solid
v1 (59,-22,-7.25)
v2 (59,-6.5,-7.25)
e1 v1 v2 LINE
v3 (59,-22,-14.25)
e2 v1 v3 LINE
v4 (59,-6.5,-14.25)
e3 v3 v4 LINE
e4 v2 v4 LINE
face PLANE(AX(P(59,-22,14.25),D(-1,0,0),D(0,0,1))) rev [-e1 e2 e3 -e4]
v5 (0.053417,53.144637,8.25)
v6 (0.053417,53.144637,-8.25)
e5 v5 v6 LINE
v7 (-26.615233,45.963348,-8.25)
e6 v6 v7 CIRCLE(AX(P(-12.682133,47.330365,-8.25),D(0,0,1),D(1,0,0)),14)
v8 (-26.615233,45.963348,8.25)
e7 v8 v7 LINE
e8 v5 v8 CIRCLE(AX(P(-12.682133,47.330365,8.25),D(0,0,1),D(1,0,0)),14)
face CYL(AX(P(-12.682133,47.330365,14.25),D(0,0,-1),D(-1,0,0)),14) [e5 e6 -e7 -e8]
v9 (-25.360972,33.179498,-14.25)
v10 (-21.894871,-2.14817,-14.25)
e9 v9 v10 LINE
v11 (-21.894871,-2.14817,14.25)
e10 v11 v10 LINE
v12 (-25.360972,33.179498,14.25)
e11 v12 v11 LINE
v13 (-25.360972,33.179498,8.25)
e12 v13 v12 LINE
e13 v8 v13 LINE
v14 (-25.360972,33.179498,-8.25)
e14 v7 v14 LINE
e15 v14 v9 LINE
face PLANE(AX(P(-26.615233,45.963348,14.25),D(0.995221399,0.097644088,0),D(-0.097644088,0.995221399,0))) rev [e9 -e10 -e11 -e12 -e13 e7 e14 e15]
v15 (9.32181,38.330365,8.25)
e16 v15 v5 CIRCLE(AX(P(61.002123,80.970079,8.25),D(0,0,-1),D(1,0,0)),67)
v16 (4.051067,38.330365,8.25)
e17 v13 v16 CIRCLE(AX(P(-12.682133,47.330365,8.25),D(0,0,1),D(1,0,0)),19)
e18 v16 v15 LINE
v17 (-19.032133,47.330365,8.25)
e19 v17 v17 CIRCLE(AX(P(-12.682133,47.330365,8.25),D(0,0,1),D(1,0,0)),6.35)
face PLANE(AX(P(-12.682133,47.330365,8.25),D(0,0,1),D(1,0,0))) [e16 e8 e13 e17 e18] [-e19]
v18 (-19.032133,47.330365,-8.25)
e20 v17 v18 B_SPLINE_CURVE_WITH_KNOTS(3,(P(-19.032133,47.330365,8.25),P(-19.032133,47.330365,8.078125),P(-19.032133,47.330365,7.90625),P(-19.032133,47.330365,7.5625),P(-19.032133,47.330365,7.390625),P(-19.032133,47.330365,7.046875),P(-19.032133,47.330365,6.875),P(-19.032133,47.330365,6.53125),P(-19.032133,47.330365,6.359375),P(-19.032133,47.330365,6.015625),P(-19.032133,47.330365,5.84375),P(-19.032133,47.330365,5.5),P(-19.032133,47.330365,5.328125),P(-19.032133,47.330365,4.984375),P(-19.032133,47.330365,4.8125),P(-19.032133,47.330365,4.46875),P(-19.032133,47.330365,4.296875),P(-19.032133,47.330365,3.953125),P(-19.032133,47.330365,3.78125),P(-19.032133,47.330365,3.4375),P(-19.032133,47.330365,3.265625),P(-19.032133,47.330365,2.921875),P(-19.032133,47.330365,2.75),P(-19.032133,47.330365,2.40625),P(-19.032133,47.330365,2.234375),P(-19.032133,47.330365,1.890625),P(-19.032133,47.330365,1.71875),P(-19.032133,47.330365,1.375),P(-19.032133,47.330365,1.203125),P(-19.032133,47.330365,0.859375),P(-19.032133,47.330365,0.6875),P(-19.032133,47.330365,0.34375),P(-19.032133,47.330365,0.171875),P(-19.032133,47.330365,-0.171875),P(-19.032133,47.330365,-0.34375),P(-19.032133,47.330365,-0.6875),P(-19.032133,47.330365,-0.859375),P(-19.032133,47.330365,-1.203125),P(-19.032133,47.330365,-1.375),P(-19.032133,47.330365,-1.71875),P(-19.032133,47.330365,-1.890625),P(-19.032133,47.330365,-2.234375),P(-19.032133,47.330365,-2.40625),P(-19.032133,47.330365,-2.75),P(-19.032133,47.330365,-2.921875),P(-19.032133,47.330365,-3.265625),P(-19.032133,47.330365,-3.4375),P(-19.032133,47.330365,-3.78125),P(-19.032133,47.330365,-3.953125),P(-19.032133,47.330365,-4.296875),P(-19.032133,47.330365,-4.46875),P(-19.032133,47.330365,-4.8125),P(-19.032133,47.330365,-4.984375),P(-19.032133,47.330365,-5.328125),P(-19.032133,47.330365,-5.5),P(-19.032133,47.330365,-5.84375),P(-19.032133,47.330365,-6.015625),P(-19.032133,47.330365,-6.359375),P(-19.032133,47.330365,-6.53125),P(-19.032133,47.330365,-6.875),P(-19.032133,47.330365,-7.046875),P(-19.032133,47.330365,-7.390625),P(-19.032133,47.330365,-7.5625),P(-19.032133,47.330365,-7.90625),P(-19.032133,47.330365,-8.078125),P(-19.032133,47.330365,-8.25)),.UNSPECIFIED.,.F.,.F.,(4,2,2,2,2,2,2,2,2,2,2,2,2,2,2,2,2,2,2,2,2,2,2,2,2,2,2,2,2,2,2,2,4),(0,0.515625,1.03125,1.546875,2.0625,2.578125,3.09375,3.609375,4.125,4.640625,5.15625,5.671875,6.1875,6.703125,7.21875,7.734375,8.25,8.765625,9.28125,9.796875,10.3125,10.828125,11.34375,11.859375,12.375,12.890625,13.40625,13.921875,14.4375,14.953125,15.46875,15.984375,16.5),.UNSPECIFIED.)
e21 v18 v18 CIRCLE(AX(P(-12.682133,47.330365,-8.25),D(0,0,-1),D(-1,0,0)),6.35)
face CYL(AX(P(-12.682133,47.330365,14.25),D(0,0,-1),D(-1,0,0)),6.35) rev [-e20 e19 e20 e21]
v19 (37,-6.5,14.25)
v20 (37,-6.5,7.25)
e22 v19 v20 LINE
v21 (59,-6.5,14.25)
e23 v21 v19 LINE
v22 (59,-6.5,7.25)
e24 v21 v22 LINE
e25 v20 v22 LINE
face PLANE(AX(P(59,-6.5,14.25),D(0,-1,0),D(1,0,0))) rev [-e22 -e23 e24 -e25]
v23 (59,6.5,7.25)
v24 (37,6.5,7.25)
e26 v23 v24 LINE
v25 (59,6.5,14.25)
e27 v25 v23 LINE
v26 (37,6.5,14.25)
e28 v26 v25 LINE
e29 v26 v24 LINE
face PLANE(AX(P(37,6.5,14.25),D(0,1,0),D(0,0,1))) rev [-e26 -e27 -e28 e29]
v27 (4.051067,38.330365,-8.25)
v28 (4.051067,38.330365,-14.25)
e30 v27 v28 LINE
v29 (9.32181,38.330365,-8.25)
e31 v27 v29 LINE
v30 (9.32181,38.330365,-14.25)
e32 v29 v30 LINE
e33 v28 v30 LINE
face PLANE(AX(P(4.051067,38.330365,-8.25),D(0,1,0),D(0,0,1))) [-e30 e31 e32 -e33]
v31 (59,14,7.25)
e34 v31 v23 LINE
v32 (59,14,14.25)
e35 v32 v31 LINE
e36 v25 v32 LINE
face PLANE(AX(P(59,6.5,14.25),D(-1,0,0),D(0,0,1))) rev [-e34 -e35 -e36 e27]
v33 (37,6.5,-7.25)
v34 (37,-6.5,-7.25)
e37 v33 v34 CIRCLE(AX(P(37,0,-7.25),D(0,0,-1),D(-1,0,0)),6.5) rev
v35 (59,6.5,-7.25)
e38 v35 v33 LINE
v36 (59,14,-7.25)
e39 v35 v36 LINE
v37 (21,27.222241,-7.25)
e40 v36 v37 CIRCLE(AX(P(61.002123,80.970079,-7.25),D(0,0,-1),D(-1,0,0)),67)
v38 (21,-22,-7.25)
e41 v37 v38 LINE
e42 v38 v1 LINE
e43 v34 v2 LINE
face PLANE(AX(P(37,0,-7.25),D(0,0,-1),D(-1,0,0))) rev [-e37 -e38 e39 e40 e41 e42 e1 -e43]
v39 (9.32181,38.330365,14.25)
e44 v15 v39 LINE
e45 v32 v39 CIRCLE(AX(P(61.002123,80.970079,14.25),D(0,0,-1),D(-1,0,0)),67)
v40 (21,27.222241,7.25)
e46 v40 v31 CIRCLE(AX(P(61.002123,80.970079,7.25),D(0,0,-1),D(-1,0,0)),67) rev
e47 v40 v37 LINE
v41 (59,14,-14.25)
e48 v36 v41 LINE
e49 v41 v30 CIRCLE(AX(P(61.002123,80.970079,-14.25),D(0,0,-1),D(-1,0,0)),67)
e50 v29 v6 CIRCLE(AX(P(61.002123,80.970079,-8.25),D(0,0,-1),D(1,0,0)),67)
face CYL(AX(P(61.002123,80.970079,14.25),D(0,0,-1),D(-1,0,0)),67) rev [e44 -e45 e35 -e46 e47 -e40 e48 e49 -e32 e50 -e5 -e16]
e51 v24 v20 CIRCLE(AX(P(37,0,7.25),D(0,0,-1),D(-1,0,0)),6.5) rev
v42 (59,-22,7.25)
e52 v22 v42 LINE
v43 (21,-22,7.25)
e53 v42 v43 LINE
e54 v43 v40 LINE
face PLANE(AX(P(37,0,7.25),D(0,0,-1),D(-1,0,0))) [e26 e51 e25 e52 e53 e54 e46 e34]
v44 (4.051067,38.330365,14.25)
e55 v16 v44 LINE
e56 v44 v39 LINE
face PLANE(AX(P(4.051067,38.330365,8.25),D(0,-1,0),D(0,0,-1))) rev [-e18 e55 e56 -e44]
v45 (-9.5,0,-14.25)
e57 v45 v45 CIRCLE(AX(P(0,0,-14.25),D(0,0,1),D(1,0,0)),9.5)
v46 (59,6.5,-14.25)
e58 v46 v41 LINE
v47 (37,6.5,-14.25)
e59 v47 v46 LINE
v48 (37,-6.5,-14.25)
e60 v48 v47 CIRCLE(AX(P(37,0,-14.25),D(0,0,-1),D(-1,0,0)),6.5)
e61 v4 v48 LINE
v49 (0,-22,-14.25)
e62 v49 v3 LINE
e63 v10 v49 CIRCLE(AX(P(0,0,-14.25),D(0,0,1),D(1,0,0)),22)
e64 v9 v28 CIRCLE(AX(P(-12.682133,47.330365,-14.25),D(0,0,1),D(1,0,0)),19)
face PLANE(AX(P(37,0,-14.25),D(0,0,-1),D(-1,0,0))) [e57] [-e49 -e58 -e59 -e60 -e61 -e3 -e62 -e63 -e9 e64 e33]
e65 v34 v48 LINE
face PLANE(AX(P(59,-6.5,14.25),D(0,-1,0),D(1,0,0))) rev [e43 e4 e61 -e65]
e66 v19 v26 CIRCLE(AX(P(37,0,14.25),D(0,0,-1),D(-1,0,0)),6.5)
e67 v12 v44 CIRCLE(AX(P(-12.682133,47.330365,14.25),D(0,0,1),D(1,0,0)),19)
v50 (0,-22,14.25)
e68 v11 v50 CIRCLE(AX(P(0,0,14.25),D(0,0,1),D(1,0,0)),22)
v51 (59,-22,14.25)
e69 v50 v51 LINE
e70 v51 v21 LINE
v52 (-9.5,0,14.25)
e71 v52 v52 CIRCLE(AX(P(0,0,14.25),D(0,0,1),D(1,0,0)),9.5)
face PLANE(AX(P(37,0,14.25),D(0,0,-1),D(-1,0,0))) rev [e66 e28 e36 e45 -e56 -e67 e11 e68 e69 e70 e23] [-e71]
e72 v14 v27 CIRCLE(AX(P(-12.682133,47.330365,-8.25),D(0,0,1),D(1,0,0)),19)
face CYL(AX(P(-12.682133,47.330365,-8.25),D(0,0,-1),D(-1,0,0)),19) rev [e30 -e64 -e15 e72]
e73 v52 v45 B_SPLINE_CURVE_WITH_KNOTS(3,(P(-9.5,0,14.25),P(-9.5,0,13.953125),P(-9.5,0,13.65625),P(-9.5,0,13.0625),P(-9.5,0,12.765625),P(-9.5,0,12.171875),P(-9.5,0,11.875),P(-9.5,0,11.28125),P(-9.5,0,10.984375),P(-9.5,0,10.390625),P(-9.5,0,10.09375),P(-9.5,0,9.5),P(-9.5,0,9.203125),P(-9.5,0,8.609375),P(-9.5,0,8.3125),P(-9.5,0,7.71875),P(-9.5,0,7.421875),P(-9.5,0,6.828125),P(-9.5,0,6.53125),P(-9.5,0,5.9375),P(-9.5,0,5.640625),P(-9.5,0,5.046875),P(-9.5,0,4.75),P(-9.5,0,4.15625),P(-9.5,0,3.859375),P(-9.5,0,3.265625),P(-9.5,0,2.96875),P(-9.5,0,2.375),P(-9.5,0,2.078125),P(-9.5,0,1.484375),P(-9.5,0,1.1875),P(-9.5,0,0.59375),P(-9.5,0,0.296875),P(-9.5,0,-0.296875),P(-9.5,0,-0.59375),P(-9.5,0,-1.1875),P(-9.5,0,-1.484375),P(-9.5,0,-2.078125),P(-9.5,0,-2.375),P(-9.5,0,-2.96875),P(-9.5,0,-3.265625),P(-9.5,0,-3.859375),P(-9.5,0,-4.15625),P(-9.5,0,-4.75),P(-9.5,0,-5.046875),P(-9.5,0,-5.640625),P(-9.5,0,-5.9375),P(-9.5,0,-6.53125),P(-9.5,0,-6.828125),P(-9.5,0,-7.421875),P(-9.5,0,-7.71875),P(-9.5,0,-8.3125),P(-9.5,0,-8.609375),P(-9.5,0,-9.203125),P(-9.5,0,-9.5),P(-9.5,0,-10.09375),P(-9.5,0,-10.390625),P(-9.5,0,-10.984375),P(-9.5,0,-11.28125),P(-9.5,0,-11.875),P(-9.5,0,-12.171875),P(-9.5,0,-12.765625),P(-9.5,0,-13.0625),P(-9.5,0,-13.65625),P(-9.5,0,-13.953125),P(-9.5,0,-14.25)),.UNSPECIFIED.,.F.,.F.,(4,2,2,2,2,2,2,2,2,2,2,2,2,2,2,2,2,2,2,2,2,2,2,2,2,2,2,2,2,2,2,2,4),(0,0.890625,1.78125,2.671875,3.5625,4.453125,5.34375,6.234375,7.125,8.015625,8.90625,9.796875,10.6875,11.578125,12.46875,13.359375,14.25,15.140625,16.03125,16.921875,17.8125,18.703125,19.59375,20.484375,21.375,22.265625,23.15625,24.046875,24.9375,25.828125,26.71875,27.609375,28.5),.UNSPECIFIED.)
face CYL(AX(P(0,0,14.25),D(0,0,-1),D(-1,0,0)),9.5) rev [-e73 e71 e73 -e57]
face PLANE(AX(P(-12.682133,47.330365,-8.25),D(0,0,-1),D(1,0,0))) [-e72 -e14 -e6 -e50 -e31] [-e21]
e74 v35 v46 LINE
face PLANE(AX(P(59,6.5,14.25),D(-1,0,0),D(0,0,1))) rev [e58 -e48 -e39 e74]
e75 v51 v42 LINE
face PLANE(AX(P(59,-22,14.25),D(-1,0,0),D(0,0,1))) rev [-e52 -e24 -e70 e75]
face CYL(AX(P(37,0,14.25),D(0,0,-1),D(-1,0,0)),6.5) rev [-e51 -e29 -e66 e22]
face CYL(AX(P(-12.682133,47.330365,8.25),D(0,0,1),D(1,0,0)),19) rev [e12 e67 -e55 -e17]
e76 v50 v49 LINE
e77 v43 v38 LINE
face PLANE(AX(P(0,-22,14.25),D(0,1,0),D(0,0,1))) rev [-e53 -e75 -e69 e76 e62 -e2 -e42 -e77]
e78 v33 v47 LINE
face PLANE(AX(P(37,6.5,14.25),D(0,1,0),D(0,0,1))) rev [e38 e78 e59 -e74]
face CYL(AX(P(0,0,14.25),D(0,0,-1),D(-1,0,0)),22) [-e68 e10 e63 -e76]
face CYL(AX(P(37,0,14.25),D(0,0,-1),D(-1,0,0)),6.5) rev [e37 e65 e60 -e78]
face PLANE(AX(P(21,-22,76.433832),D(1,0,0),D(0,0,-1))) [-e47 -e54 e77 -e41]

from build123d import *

# Parameters (mm, degrees)
ESQUISSE1_R                  = 9.5
ESQUISSE1_R_2                = 6.35
BOSS_EXTRU_1_DEPTH           = 14.25
ENL_V_MAT_EXTRU_1_DEPTH      = 6
ENL_V_MAT_EXTRU_2_DEPTH      = 7.25
ENL_V_MAT_EXTRU_2_DEPTH_BACK = 7.25


with BuildPart() as part:
    # Esquisse1 → Boss.-Extru.1 (new, symmetric)
    with BuildSketch(Plane.XY):
        with BuildLine():
            Line((-26.61523279, 45.963348263), (-21.894870769, -2.148169925))
            ThreePointArc((-21.894870769, -2.148169925), (-14.777351956, -16.298155392), (0, -22))
            Line((0, -22), (59, -22))
            Line((59, -22), (59, -6.5))
            Line((59, -6.5), (37, -6.5))
            ThreePointArc((37, -6.5), (30.5, 0), (37, 6.5))
            Line((37, 6.5), (59, 6.5))
            Line((59, 6.5), (59, 14))
            ThreePointArc((59, 14), (23.937620364, 25.155899787), (0.053417306, 53.144636986))
            ThreePointArc((0.053417306, 53.144636986), (-16.322360933, 60.848824799), (-26.61523279, 45.963348263))
        make_face()
        with Locations(Location((0, 0, 0), (0, 0, 180))):
            Circle(ESQUISSE1_R, mode=Mode.SUBTRACT)
        with Locations(Location((-12.68213321, 47.330365488, 0), (0, 0, 180))):
            Circle(ESQUISSE1_R_2, mode=Mode.SUBTRACT)
    extrude(amount=BOSS_EXTRU_1_DEPTH, both=True)

    # Esquisse2 → Enlèv. mat.-Extru.1 (cut)
    with BuildSketch(Plane.XY.offset(14.25)):
        with BuildLine():
            Line((4.051067321, 38.330365488), (9.321809703, 38.330365488))
            ThreePointArc((9.321809703, 38.330365488), (4.202566317, 45.434036591), (0.053417306, 53.144636986))
            ThreePointArc((0.053417306, 53.144636986), (-16.322360933, 60.848824799), (-26.61523279, 45.963348263))
            Line((-26.61523279, 45.963348263), (-25.360971776, 33.179497931))
            ThreePointArc((-25.360971776, 33.179497931), (-9.404585059, 28.615193084), (4.051067321, 38.330365488))
        make_face()
    enl_v_mat_extru_1 = extrude(amount=-ENL_V_MAT_EXTRU_1_DEPTH, mode=Mode.SUBTRACT)

    # Symétrie1: Enlèv. mat.-Extru.1 across plane
    add(enl_v_mat_extru_1.mirror(Plane.XY), mode=Mode.SUBTRACT)

    # Esquisse3 → Enlèv. mat.-Extru.2 (cut, two sides: drawn at the far end of the back side and taken through both)
    with BuildSketch(Plane.XY.offset(-ENL_V_MAT_EXTRU_2_DEPTH_BACK)):
        with BuildLine():
            Line((21, -22), (21, 27.222240802))
            ThreePointArc((21, 27.222240802), (38.984037644, 17.691299917), (59, 14))
            Line((59, 14), (59, -22))
            Line((59, -22), (21, -22))
        make_face()
    extrude(amount=ENL_V_MAT_EXTRU_2_DEPTH + ENL_V_MAT_EXTRU_2_DEPTH_BACK, mode=Mode.SUBTRACT)


solid = part.part
